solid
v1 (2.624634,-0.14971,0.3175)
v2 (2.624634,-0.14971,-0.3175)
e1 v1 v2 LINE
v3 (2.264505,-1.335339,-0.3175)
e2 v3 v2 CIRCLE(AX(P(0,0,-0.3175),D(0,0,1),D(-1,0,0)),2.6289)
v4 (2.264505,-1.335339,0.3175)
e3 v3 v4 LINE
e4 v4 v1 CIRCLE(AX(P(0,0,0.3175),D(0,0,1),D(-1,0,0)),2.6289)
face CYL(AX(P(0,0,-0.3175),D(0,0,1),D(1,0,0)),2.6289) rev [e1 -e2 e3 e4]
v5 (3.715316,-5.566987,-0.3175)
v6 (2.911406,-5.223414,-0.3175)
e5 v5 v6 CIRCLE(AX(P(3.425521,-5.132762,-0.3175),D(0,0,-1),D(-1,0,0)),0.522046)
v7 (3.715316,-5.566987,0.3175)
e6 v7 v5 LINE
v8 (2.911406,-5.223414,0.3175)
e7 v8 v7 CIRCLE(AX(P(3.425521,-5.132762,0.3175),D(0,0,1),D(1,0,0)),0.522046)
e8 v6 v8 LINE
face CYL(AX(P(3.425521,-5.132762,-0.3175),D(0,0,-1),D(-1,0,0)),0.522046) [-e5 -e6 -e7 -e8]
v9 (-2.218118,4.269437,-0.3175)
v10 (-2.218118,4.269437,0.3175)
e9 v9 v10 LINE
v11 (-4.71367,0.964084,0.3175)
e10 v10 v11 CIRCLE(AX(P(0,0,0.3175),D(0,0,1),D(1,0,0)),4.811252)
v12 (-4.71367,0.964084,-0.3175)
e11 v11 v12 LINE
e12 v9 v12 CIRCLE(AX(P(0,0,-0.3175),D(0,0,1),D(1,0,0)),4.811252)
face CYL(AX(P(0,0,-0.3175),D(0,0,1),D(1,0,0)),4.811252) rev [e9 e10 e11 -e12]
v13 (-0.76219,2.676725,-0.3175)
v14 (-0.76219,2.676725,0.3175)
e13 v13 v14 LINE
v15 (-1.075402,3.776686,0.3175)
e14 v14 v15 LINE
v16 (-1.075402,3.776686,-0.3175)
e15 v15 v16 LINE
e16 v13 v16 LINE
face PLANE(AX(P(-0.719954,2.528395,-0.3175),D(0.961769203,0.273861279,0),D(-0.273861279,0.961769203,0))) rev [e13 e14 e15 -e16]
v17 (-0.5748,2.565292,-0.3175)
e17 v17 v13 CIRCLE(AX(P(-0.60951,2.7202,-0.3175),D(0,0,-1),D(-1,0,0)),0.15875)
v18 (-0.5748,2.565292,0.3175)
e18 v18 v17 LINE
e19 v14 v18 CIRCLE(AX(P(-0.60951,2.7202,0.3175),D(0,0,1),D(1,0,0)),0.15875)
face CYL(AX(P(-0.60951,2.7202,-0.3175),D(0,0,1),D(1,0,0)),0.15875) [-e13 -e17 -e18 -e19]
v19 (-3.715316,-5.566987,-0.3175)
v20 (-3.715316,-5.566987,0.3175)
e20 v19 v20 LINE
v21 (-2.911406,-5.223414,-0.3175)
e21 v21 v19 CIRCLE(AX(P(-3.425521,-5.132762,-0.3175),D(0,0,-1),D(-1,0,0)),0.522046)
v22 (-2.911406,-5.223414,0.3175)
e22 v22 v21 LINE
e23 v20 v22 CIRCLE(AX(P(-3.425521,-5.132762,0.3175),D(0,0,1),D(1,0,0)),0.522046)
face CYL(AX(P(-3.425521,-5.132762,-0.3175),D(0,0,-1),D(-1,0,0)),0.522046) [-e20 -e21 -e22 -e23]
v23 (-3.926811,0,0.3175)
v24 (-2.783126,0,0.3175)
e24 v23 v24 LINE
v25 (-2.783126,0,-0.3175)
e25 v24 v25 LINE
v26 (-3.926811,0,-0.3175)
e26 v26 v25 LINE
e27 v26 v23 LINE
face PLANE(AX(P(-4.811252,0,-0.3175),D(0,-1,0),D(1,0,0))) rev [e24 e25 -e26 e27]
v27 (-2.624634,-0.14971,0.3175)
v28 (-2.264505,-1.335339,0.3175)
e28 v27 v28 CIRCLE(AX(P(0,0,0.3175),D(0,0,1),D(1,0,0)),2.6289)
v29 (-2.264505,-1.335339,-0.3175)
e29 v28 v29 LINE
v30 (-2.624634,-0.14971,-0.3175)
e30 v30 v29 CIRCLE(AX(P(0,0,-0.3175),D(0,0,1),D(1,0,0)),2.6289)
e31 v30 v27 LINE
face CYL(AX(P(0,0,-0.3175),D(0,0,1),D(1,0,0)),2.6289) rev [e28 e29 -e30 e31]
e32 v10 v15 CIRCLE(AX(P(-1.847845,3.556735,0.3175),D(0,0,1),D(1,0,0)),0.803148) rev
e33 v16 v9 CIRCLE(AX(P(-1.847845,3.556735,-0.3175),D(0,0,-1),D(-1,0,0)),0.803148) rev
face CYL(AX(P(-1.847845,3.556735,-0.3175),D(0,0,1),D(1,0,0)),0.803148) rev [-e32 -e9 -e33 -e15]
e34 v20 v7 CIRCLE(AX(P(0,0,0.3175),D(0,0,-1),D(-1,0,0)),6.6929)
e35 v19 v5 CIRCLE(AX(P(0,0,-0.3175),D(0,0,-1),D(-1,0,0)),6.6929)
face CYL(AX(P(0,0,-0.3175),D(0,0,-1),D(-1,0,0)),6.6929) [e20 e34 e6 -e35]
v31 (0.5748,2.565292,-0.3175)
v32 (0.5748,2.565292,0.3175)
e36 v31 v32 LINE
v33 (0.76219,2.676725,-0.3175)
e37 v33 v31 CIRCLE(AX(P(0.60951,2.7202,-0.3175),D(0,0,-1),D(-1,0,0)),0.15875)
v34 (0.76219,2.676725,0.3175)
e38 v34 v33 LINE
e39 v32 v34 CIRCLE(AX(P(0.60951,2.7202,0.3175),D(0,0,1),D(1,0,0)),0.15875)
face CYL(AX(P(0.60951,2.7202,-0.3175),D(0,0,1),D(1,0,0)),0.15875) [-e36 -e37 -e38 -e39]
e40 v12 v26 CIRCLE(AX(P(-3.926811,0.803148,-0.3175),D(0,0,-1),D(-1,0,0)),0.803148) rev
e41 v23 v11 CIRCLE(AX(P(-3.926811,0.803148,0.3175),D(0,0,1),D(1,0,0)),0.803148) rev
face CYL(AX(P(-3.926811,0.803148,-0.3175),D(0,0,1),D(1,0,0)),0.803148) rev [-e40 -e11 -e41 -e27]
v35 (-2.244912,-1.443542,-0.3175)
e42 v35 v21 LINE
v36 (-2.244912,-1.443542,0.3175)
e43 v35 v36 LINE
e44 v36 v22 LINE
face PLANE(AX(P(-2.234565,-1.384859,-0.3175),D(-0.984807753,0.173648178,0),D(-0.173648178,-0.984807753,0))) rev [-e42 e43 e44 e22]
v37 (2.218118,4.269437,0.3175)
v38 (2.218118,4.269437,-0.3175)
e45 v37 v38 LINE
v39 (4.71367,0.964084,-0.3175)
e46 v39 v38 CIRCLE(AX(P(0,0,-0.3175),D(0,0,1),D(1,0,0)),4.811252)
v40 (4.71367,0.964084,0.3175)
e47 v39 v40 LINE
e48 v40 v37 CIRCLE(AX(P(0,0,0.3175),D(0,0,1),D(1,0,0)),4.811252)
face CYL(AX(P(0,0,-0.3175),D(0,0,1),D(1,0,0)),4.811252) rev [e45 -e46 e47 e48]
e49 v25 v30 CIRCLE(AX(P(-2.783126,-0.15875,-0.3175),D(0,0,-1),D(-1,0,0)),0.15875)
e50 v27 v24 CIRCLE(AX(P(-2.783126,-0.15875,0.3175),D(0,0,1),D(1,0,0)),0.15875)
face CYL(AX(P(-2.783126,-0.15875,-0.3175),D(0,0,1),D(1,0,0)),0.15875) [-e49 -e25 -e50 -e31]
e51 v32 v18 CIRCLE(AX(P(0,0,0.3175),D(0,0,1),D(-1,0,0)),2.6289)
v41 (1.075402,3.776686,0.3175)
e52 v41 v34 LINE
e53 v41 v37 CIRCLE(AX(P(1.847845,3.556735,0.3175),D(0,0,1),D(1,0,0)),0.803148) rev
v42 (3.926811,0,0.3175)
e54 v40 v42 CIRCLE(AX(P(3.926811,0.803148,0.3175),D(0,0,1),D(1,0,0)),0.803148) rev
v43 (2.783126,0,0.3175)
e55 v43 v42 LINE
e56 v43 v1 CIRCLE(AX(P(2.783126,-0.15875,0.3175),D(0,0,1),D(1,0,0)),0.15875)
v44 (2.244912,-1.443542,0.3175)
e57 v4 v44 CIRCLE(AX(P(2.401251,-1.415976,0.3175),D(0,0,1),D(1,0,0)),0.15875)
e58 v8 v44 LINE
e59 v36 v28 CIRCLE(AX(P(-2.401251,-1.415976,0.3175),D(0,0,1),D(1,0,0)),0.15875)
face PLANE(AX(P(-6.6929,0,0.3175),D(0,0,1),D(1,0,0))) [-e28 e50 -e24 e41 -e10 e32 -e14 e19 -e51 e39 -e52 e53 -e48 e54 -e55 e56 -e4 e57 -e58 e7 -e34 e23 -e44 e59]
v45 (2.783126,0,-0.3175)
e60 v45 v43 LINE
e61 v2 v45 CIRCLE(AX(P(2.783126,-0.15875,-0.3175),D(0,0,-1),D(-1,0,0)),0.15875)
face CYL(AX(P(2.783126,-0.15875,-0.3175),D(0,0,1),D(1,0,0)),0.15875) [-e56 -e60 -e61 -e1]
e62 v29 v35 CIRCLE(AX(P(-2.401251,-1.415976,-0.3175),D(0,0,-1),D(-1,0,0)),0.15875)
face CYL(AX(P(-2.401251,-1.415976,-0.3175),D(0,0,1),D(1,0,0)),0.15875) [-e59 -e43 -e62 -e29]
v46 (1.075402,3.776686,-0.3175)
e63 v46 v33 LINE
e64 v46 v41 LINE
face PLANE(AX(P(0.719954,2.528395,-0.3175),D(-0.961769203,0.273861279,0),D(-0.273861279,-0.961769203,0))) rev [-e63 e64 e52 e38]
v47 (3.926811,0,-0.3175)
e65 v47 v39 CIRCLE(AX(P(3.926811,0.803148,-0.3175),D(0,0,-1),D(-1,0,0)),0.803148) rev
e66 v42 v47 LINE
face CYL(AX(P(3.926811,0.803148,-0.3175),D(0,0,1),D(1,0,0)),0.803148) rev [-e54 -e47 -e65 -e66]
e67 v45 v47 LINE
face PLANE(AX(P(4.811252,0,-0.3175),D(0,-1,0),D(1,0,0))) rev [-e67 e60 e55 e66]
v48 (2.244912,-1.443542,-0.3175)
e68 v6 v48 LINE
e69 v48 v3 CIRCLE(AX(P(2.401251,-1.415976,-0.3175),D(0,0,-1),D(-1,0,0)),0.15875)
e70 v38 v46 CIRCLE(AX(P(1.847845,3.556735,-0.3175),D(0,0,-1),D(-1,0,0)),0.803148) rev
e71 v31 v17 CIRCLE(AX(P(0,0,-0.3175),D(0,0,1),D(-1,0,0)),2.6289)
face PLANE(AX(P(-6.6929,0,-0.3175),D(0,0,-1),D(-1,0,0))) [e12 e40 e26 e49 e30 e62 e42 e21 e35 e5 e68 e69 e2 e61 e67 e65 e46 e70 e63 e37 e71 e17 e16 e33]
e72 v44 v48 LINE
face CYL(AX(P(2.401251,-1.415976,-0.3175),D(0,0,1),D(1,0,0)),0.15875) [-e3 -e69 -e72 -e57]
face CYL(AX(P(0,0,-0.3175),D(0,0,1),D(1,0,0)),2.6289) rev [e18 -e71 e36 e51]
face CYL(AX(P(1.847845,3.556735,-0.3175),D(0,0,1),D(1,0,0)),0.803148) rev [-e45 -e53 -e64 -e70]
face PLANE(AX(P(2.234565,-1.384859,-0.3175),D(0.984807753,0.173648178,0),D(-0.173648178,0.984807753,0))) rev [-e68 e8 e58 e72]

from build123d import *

# Parameters (mm, degrees)
SKETCH3_W               = 6.6929
SKETCH3_H               = 0.635
CUT_EXTRUDE1_DEPTH      = 10.470513559
CUT_EXTRUDE1_DEPTH_BACK = 10.470513559
FILLET1_R               = 0.803148
FILLET2_R               = 0.5220462
FILLET3_R               = 0.15875


with BuildPart() as part:
    # Sketch3 → Revolve1 (revolve)
    with BuildSketch(Plane(origin=(0, 0, 0), x_dir=(1, 0, 0), z_dir=(0, 1, 0))):
        with Locations((-3.34645, 0)):
            Rectangle(SKETCH3_W, SKETCH3_H)
    revolve(axis=Axis((0, 0, -0.3175), (0, 0, 1)))

    # Sketch4 → Cut-Extrude1 (cut, two sides: drawn at the far end of the back side and taken through both)
    with BuildSketch(Plane.XY.offset(-CUT_EXTRUDE1_DEPTH_BACK)):
        with BuildLine():
            Line((0.719953916, 2.528395058), (1.317615519, 4.62731363))
            ThreePointArc((1.317615519, 4.62731363), (3.839760531, 2.89903107), (4.811251613, 0))
            Line((4.811251613, 0), (2.6289, 0))
            ThreePointArc((2.6289, 0), (2.528395058, -0.719953916), (2.234565, -1.384859008))
            Line((2.234565, -1.384859008), (3.041609986, -5.961838567))
            ThreePointArc((3.041609986, -5.961838567), (0, -6.6929), (-3.041609986, -5.961838567))
            Line((-3.041609986, -5.961838567), (-2.234565, -1.384859008))
            ThreePointArc((-2.234565, -1.384859008), (-2.528395058, -0.719953916), (-2.6289, 0))
            Line((-2.6289, 0), (-4.811251613, 0))
            ThreePointArc((-4.811251613, 0), (-3.839760531, 2.89903107), (-1.317615519, 4.62731363))
            Line((-1.317615519, 4.62731363), (-0.719953916, 2.528395058))
            ThreePointArc((-0.719953916, 2.528395058), (0, 2.6289), (0.719953916, 2.528395058))
        make_face()
    extrude(amount=CUT_EXTRUDE1_DEPTH + CUT_EXTRUDE1_DEPTH_BACK, mode=Mode.SUBTRACT)

    # Fillet1
    fillet1_edges = [part.edges().sort_by_distance(p)[0] for p in [
        (1.317615519, 4.62731363, 0),
        (4.811251613, 0, 0),
        (-4.811251613, 0, 0),
        (-1.317615519, 4.62731363, 0),
    ]]
    fillet(fillet1_edges, radius=FILLET1_R)

    # Fillet2
    fillet2_edges = [part.edges().sort_by_distance(p)[0] for p in [
        (3.041609986, -5.961838567, 0),
        (-3.041609986, -5.961838567, 0),
    ]]
    fillet(fillet2_edges, radius=FILLET2_R)

    # Fillet3
    fillet3_edges = [part.edges().sort_by_distance(p)[0] for p in [
        (-0.719953916, 2.528395058, 0),
        (0.719953916, 2.528395058, 0),
        (2.6289, 0, 0),
        (2.234565, -1.384859008, 0),
        (-2.234565, -1.384859008, 0),
        (-2.6289, 0, 0),
    ]]
    fillet(fillet3_edges, radius=FILLET3_R)


solid = part.part
